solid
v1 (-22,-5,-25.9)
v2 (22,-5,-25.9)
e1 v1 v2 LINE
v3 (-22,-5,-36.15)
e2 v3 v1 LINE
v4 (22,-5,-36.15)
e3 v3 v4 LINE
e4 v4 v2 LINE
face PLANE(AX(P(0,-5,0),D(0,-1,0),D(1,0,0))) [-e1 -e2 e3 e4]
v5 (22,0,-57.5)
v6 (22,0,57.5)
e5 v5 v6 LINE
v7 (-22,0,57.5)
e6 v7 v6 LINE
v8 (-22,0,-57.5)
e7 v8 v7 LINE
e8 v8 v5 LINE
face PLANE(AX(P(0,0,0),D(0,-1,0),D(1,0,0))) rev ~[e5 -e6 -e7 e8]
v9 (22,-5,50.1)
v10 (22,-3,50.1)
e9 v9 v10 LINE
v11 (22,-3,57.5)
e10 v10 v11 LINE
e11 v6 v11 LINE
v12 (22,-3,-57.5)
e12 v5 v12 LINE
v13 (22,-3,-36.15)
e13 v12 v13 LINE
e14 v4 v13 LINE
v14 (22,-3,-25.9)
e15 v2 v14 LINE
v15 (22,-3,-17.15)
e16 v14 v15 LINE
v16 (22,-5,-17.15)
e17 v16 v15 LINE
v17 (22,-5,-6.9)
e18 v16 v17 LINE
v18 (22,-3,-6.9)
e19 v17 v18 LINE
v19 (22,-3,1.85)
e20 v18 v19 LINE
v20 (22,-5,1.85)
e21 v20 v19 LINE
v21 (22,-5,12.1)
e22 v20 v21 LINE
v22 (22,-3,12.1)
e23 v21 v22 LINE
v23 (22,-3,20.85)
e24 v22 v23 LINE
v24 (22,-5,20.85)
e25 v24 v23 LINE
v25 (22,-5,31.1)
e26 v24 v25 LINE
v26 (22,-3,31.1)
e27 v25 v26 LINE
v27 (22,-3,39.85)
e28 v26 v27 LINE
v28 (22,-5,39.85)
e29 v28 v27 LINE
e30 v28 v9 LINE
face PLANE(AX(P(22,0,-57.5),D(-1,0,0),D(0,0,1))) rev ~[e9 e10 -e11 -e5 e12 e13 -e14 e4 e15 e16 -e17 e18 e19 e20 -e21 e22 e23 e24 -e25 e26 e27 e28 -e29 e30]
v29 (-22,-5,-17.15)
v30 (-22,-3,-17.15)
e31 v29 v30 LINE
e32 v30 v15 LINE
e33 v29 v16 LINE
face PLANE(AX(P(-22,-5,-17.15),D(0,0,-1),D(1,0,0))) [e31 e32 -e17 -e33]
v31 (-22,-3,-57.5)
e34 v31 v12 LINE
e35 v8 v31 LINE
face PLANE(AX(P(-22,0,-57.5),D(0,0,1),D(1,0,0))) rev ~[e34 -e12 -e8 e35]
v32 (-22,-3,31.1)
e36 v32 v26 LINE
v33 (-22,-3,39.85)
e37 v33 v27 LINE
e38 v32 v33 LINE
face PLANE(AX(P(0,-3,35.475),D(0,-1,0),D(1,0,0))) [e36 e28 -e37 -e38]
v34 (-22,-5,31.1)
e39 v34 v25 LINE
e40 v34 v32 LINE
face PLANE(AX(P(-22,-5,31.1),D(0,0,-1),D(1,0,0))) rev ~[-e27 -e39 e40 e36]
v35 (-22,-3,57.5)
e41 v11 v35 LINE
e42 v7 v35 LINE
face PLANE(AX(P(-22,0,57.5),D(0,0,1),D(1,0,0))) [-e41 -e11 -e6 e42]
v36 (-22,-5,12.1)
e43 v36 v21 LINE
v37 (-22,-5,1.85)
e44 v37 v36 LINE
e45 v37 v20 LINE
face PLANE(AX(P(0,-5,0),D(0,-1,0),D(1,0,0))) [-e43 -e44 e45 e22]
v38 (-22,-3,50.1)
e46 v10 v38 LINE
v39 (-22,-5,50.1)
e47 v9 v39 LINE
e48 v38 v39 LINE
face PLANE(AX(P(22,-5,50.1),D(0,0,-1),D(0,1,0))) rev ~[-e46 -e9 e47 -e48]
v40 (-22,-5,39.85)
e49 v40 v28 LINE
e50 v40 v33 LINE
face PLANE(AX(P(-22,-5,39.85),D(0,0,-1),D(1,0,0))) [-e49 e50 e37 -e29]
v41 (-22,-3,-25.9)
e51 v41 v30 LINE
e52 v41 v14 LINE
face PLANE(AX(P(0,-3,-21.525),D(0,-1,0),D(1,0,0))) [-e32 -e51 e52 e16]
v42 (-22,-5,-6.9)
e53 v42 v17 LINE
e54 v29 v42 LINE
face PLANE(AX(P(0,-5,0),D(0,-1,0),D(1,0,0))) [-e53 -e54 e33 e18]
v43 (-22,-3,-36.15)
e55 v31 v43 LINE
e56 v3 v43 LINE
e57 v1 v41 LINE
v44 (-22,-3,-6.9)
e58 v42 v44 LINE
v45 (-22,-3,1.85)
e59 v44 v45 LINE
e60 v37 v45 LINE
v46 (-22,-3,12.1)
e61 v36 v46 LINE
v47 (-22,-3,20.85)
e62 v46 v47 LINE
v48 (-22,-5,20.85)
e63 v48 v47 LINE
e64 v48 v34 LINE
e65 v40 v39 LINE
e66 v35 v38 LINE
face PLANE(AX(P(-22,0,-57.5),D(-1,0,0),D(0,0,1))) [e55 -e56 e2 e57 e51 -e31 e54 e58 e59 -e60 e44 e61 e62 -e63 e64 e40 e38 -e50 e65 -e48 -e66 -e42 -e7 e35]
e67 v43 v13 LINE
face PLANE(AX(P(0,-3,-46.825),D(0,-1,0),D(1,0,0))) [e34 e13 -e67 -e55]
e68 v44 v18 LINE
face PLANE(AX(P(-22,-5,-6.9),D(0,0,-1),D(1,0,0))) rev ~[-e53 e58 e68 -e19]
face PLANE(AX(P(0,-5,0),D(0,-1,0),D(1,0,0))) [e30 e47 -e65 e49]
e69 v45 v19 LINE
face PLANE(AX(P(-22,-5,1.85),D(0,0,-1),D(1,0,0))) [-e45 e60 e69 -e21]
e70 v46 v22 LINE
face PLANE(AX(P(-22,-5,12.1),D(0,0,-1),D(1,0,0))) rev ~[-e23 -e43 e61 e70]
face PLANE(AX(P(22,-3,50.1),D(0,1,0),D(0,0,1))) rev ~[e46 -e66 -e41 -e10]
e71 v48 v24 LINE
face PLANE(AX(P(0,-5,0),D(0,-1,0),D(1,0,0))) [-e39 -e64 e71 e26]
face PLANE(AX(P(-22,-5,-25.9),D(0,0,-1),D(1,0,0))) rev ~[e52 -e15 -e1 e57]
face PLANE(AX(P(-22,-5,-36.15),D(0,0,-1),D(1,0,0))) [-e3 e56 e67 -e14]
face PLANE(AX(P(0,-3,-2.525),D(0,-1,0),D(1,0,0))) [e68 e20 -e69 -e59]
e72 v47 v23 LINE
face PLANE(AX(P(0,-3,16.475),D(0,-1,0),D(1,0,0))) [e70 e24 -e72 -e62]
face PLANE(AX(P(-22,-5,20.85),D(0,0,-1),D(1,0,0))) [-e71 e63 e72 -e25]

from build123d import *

# Parameters (mm, degrees)
F0_W     = 44
F0_H     = 115
F1_DEPTH = 5
F5_W     = 2
F5_H     = 7.4
F6_DEPTH = 44.001
F7_W     = 44
F7_H     = 8.75
F7_H_2   = 21.35
F8_DEPTH = 2


with BuildPart() as f1:
    # F0 (on Front) → F1 (new body)
    with BuildSketch(Plane.XZ):
        Rectangle(F0_W, F0_H)
    extrude(amount=F1_DEPTH)

    # F5 (on face) → F6 (cut, through all)
    with BuildSketch(Plane.YZ.offset(22)):
        with Locations((-4, 53.8)):
            Rectangle(F5_W, F5_H)
    extrude(amount=-F6_DEPTH, mode=Mode.SUBTRACT)

    # F7 (on face) → F8 (cut)
    with BuildSketch(Plane.XZ.offset(5)):
        with Locations((0, 35.475)):
            Rectangle(F7_W, F7_H)
        with Locations((0, 16.475)):
            Rectangle(F7_W, F7_H)
        with Locations((0, -2.525)):
            Rectangle(F7_W, F7_H)
        with Locations((0, -21.525)):
            Rectangle(F7_W, F7_H)
        with Locations((0, -46.825)):
            Rectangle(F7_W, F7_H_2)
    extrude(amount=-F8_DEPTH, mode=Mode.SUBTRACT)


solid = f1.part
